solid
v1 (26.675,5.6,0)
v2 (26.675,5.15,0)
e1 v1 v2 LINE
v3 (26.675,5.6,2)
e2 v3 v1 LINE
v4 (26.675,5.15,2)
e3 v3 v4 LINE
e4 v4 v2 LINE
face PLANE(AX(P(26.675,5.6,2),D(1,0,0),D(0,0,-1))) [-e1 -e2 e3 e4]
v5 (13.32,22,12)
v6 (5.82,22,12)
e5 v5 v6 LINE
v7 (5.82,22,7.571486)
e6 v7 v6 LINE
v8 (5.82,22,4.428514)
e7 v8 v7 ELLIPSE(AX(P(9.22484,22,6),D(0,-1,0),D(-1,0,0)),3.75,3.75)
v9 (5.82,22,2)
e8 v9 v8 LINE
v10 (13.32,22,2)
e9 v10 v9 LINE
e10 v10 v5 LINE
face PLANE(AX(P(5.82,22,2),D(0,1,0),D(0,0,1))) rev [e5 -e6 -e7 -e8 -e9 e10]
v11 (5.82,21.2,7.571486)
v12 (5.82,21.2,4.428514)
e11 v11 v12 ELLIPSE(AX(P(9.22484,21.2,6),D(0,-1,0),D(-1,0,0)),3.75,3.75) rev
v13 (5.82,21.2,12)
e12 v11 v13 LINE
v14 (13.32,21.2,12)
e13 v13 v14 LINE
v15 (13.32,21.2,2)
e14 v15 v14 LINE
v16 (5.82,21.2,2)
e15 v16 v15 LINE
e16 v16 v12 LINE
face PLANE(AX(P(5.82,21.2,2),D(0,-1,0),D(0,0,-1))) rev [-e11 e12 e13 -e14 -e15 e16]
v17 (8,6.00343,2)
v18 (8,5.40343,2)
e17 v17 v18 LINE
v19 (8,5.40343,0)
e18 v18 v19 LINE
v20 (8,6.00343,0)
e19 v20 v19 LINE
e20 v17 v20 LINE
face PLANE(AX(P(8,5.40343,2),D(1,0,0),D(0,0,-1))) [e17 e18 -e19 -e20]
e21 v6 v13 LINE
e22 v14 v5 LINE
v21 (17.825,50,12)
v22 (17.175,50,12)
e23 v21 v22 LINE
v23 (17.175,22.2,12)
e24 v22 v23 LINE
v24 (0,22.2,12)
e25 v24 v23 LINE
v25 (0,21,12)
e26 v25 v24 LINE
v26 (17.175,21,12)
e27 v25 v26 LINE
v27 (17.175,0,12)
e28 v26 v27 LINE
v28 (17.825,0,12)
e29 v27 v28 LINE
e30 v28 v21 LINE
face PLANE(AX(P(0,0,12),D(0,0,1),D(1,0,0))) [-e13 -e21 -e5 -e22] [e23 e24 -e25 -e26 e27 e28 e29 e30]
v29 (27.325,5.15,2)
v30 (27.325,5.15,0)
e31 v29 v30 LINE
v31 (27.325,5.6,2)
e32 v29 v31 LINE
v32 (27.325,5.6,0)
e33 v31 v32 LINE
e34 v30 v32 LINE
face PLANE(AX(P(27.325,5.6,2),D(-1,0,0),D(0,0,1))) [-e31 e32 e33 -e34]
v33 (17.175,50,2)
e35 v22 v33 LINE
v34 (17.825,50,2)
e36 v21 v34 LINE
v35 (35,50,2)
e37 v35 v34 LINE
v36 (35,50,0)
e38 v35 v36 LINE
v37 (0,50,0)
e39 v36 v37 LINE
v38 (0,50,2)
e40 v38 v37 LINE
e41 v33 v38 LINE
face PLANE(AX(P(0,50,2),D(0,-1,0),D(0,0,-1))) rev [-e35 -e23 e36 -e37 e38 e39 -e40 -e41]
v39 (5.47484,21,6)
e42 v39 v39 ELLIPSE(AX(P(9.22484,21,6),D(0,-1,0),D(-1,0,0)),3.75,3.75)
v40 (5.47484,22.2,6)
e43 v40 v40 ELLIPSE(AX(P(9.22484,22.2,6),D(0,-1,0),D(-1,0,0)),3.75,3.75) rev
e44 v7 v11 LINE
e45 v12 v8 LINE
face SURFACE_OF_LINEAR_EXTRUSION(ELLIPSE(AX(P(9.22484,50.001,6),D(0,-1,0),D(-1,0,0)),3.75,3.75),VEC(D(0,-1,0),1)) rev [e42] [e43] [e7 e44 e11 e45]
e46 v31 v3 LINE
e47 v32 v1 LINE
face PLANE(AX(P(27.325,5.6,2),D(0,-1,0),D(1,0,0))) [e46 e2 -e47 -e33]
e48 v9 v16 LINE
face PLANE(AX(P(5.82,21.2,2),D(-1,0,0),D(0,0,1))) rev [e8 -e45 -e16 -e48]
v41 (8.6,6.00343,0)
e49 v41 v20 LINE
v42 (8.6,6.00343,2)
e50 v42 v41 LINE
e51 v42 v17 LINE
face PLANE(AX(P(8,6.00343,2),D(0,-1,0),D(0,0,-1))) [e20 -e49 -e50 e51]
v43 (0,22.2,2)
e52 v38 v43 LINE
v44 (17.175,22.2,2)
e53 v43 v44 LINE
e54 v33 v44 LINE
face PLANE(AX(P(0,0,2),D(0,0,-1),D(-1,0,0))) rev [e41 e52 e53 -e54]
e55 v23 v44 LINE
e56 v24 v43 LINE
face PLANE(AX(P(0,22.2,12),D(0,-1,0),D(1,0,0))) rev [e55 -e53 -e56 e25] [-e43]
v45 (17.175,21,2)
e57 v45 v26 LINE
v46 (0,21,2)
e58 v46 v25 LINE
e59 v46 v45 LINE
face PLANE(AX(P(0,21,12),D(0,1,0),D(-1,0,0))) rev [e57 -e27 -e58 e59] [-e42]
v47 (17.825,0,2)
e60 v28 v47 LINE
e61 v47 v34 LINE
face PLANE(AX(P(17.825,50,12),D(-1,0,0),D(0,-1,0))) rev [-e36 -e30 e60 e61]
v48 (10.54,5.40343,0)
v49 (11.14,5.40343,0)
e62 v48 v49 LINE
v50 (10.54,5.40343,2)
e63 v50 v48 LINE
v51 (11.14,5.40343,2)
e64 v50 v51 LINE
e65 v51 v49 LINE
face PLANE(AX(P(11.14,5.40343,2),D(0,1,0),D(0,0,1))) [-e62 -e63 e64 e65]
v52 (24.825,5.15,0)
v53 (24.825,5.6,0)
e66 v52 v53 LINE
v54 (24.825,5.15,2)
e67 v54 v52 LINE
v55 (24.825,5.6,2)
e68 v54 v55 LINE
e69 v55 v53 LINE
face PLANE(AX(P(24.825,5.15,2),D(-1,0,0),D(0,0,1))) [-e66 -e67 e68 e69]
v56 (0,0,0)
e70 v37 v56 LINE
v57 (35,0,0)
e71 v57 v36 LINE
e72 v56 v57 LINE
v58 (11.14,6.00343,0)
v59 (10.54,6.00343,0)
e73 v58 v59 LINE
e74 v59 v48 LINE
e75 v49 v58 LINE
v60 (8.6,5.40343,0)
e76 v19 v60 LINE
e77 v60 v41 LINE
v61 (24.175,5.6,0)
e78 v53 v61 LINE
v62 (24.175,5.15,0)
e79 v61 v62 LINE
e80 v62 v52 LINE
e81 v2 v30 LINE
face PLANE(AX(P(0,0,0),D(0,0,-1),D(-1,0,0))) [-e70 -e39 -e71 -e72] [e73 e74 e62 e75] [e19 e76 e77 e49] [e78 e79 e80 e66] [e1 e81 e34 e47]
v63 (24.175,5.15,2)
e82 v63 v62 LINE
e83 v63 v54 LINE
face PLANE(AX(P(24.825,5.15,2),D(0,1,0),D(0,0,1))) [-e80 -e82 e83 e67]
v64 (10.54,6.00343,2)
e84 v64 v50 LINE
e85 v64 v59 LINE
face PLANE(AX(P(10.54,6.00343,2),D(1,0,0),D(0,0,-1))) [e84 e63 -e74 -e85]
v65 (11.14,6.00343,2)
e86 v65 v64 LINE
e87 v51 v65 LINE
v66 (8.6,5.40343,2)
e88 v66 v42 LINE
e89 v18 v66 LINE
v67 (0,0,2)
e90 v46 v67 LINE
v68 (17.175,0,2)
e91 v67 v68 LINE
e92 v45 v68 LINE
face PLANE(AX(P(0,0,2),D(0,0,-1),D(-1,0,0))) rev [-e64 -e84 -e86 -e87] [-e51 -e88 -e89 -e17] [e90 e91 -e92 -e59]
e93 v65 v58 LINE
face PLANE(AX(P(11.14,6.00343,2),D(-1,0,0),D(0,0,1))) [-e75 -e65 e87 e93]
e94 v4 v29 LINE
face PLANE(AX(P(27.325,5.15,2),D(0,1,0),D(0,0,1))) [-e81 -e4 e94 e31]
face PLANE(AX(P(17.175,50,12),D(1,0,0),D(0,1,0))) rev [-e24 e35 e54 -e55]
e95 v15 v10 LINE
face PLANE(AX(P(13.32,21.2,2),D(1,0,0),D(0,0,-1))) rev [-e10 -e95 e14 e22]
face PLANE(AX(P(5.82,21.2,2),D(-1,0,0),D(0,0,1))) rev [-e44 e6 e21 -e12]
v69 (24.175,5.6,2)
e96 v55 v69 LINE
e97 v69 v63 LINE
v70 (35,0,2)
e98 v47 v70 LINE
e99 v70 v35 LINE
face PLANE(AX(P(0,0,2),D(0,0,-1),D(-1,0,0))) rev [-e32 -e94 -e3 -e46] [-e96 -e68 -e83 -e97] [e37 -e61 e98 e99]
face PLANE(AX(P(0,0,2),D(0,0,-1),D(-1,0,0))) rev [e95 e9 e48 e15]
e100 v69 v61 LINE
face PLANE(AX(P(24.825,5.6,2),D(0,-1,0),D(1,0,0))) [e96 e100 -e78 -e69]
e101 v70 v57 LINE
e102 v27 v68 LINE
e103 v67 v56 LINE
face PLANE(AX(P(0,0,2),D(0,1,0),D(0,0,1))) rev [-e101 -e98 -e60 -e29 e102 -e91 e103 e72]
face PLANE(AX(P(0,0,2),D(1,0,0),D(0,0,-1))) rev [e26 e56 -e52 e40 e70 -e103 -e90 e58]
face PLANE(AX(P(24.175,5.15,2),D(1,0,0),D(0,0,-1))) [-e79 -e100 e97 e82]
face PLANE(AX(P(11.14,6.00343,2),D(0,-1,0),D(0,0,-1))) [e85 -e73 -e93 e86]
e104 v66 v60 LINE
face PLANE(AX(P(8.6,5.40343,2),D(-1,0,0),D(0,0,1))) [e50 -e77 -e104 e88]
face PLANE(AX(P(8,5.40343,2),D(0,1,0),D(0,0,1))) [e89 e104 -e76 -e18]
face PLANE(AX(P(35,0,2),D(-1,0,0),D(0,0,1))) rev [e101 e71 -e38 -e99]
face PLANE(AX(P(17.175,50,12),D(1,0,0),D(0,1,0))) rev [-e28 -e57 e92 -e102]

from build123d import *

# Parameters (mm, degrees)
IZIM1_W                     = 35
IZIM1_H                     = 50
IZIM1_W_2                   = 0.6
IZIM1_H_2                   = 0.6
IZIM1_W_3                   = 0.65
IZIM1_H_3                   = 0.45
Y_KSEKLIK_EKSTR_ZYON1_DEPTH = 2
IZIM2_W                     = 0.65
IZIM2_H                     = 50
Y_KSEKLIK_EKSTR_ZYON2_DEPTH = 10
IZIM3_W                     = 10
IZIM3_H                     = 1.2
Y_KSEKLIK_EKSTR_ZYON3_DEPTH = 17.175
IZIM4_W                     = 7.5
IZIM4_H                     = 0.8
KES_EKSTR_ZYON1_DEPTH       = 10
KES_EKSTR_ZYON2_REACH       = 49.011
IZIM5_RX                    = 3.75
IZIM5_RY                    = 3.75


with BuildPart() as part:
    # Çizim1 → Yükseklik-Ekstrüzyon1 (new body)
    with BuildSketch(Plane.XY):
        with Locations((17.5, 25)):
            Rectangle(IZIM1_W, IZIM1_H)
        with Locations((8.3, 5.703429896)):
            Rectangle(IZIM1_W_2, IZIM1_H_2, mode=Mode.SUBTRACT)
        with Locations((10.84, 5.703429896)):
            Rectangle(IZIM1_W_2, IZIM1_H_2, mode=Mode.SUBTRACT)
        with Locations((27, 5.375)):
            Rectangle(IZIM1_W_3, IZIM1_H_3, mode=Mode.SUBTRACT)
        with Locations((24.5, 5.375)):
            Rectangle(IZIM1_W_3, IZIM1_H_3, mode=Mode.SUBTRACT)
    extrude(amount=Y_KSEKLIK_EKSTR_ZYON1_DEPTH)

    # Çizim2 → Yükseklik-Ekstrüzyon2 (add)
    with BuildSketch(Plane.XY.offset(2)):
        with Locations((17.5, 25)):
            Rectangle(IZIM2_W, IZIM2_H)
    extrude(amount=Y_KSEKLIK_EKSTR_ZYON2_DEPTH)

    # Çizim3 → Yükseklik-Ekstrüzyon3 (add, through all)
    with BuildSketch(Plane.ZY.offset(-17.175)):
        with Locations((7, 21.6)):
            Rectangle(IZIM3_W, IZIM3_H)
    extrude(amount=Y_KSEKLIK_EKSTR_ZYON3_DEPTH)

    # Çizim4 → Kes-Ekstrüzyon1 (cut)
    with BuildSketch(Plane.XY.offset(12)):
        with Locations((9.57, 21.6)):
            Rectangle(IZIM4_W, IZIM4_H)
    extrude(amount=-KES_EKSTR_ZYON1_DEPTH, mode=Mode.SUBTRACT)

    # Çizim5 → Kes-Ekstrüzyon2 (cut, up to next)
    with BuildSketch(Plane.XZ.offset(-21), mode=Mode.PRIVATE) as kes_ekstr_zyon2_sk1:
        with Locations(Location((9.224839589, 6), (0, 0, 180))):
            Ellipse(IZIM5_RX, IZIM5_RY)
    kes_ekstr_zyon2_tool1 = extrude(kes_ekstr_zyon2_sk1.sketch, amount=-KES_EKSTR_ZYON2_REACH, mode=Mode.PRIVATE) & part.part
    add(kes_ekstr_zyon2_tool1.solids().sort_by_distance((9.22484, 21, 6))[0], mode=Mode.SUBTRACT)


solid = part.part
